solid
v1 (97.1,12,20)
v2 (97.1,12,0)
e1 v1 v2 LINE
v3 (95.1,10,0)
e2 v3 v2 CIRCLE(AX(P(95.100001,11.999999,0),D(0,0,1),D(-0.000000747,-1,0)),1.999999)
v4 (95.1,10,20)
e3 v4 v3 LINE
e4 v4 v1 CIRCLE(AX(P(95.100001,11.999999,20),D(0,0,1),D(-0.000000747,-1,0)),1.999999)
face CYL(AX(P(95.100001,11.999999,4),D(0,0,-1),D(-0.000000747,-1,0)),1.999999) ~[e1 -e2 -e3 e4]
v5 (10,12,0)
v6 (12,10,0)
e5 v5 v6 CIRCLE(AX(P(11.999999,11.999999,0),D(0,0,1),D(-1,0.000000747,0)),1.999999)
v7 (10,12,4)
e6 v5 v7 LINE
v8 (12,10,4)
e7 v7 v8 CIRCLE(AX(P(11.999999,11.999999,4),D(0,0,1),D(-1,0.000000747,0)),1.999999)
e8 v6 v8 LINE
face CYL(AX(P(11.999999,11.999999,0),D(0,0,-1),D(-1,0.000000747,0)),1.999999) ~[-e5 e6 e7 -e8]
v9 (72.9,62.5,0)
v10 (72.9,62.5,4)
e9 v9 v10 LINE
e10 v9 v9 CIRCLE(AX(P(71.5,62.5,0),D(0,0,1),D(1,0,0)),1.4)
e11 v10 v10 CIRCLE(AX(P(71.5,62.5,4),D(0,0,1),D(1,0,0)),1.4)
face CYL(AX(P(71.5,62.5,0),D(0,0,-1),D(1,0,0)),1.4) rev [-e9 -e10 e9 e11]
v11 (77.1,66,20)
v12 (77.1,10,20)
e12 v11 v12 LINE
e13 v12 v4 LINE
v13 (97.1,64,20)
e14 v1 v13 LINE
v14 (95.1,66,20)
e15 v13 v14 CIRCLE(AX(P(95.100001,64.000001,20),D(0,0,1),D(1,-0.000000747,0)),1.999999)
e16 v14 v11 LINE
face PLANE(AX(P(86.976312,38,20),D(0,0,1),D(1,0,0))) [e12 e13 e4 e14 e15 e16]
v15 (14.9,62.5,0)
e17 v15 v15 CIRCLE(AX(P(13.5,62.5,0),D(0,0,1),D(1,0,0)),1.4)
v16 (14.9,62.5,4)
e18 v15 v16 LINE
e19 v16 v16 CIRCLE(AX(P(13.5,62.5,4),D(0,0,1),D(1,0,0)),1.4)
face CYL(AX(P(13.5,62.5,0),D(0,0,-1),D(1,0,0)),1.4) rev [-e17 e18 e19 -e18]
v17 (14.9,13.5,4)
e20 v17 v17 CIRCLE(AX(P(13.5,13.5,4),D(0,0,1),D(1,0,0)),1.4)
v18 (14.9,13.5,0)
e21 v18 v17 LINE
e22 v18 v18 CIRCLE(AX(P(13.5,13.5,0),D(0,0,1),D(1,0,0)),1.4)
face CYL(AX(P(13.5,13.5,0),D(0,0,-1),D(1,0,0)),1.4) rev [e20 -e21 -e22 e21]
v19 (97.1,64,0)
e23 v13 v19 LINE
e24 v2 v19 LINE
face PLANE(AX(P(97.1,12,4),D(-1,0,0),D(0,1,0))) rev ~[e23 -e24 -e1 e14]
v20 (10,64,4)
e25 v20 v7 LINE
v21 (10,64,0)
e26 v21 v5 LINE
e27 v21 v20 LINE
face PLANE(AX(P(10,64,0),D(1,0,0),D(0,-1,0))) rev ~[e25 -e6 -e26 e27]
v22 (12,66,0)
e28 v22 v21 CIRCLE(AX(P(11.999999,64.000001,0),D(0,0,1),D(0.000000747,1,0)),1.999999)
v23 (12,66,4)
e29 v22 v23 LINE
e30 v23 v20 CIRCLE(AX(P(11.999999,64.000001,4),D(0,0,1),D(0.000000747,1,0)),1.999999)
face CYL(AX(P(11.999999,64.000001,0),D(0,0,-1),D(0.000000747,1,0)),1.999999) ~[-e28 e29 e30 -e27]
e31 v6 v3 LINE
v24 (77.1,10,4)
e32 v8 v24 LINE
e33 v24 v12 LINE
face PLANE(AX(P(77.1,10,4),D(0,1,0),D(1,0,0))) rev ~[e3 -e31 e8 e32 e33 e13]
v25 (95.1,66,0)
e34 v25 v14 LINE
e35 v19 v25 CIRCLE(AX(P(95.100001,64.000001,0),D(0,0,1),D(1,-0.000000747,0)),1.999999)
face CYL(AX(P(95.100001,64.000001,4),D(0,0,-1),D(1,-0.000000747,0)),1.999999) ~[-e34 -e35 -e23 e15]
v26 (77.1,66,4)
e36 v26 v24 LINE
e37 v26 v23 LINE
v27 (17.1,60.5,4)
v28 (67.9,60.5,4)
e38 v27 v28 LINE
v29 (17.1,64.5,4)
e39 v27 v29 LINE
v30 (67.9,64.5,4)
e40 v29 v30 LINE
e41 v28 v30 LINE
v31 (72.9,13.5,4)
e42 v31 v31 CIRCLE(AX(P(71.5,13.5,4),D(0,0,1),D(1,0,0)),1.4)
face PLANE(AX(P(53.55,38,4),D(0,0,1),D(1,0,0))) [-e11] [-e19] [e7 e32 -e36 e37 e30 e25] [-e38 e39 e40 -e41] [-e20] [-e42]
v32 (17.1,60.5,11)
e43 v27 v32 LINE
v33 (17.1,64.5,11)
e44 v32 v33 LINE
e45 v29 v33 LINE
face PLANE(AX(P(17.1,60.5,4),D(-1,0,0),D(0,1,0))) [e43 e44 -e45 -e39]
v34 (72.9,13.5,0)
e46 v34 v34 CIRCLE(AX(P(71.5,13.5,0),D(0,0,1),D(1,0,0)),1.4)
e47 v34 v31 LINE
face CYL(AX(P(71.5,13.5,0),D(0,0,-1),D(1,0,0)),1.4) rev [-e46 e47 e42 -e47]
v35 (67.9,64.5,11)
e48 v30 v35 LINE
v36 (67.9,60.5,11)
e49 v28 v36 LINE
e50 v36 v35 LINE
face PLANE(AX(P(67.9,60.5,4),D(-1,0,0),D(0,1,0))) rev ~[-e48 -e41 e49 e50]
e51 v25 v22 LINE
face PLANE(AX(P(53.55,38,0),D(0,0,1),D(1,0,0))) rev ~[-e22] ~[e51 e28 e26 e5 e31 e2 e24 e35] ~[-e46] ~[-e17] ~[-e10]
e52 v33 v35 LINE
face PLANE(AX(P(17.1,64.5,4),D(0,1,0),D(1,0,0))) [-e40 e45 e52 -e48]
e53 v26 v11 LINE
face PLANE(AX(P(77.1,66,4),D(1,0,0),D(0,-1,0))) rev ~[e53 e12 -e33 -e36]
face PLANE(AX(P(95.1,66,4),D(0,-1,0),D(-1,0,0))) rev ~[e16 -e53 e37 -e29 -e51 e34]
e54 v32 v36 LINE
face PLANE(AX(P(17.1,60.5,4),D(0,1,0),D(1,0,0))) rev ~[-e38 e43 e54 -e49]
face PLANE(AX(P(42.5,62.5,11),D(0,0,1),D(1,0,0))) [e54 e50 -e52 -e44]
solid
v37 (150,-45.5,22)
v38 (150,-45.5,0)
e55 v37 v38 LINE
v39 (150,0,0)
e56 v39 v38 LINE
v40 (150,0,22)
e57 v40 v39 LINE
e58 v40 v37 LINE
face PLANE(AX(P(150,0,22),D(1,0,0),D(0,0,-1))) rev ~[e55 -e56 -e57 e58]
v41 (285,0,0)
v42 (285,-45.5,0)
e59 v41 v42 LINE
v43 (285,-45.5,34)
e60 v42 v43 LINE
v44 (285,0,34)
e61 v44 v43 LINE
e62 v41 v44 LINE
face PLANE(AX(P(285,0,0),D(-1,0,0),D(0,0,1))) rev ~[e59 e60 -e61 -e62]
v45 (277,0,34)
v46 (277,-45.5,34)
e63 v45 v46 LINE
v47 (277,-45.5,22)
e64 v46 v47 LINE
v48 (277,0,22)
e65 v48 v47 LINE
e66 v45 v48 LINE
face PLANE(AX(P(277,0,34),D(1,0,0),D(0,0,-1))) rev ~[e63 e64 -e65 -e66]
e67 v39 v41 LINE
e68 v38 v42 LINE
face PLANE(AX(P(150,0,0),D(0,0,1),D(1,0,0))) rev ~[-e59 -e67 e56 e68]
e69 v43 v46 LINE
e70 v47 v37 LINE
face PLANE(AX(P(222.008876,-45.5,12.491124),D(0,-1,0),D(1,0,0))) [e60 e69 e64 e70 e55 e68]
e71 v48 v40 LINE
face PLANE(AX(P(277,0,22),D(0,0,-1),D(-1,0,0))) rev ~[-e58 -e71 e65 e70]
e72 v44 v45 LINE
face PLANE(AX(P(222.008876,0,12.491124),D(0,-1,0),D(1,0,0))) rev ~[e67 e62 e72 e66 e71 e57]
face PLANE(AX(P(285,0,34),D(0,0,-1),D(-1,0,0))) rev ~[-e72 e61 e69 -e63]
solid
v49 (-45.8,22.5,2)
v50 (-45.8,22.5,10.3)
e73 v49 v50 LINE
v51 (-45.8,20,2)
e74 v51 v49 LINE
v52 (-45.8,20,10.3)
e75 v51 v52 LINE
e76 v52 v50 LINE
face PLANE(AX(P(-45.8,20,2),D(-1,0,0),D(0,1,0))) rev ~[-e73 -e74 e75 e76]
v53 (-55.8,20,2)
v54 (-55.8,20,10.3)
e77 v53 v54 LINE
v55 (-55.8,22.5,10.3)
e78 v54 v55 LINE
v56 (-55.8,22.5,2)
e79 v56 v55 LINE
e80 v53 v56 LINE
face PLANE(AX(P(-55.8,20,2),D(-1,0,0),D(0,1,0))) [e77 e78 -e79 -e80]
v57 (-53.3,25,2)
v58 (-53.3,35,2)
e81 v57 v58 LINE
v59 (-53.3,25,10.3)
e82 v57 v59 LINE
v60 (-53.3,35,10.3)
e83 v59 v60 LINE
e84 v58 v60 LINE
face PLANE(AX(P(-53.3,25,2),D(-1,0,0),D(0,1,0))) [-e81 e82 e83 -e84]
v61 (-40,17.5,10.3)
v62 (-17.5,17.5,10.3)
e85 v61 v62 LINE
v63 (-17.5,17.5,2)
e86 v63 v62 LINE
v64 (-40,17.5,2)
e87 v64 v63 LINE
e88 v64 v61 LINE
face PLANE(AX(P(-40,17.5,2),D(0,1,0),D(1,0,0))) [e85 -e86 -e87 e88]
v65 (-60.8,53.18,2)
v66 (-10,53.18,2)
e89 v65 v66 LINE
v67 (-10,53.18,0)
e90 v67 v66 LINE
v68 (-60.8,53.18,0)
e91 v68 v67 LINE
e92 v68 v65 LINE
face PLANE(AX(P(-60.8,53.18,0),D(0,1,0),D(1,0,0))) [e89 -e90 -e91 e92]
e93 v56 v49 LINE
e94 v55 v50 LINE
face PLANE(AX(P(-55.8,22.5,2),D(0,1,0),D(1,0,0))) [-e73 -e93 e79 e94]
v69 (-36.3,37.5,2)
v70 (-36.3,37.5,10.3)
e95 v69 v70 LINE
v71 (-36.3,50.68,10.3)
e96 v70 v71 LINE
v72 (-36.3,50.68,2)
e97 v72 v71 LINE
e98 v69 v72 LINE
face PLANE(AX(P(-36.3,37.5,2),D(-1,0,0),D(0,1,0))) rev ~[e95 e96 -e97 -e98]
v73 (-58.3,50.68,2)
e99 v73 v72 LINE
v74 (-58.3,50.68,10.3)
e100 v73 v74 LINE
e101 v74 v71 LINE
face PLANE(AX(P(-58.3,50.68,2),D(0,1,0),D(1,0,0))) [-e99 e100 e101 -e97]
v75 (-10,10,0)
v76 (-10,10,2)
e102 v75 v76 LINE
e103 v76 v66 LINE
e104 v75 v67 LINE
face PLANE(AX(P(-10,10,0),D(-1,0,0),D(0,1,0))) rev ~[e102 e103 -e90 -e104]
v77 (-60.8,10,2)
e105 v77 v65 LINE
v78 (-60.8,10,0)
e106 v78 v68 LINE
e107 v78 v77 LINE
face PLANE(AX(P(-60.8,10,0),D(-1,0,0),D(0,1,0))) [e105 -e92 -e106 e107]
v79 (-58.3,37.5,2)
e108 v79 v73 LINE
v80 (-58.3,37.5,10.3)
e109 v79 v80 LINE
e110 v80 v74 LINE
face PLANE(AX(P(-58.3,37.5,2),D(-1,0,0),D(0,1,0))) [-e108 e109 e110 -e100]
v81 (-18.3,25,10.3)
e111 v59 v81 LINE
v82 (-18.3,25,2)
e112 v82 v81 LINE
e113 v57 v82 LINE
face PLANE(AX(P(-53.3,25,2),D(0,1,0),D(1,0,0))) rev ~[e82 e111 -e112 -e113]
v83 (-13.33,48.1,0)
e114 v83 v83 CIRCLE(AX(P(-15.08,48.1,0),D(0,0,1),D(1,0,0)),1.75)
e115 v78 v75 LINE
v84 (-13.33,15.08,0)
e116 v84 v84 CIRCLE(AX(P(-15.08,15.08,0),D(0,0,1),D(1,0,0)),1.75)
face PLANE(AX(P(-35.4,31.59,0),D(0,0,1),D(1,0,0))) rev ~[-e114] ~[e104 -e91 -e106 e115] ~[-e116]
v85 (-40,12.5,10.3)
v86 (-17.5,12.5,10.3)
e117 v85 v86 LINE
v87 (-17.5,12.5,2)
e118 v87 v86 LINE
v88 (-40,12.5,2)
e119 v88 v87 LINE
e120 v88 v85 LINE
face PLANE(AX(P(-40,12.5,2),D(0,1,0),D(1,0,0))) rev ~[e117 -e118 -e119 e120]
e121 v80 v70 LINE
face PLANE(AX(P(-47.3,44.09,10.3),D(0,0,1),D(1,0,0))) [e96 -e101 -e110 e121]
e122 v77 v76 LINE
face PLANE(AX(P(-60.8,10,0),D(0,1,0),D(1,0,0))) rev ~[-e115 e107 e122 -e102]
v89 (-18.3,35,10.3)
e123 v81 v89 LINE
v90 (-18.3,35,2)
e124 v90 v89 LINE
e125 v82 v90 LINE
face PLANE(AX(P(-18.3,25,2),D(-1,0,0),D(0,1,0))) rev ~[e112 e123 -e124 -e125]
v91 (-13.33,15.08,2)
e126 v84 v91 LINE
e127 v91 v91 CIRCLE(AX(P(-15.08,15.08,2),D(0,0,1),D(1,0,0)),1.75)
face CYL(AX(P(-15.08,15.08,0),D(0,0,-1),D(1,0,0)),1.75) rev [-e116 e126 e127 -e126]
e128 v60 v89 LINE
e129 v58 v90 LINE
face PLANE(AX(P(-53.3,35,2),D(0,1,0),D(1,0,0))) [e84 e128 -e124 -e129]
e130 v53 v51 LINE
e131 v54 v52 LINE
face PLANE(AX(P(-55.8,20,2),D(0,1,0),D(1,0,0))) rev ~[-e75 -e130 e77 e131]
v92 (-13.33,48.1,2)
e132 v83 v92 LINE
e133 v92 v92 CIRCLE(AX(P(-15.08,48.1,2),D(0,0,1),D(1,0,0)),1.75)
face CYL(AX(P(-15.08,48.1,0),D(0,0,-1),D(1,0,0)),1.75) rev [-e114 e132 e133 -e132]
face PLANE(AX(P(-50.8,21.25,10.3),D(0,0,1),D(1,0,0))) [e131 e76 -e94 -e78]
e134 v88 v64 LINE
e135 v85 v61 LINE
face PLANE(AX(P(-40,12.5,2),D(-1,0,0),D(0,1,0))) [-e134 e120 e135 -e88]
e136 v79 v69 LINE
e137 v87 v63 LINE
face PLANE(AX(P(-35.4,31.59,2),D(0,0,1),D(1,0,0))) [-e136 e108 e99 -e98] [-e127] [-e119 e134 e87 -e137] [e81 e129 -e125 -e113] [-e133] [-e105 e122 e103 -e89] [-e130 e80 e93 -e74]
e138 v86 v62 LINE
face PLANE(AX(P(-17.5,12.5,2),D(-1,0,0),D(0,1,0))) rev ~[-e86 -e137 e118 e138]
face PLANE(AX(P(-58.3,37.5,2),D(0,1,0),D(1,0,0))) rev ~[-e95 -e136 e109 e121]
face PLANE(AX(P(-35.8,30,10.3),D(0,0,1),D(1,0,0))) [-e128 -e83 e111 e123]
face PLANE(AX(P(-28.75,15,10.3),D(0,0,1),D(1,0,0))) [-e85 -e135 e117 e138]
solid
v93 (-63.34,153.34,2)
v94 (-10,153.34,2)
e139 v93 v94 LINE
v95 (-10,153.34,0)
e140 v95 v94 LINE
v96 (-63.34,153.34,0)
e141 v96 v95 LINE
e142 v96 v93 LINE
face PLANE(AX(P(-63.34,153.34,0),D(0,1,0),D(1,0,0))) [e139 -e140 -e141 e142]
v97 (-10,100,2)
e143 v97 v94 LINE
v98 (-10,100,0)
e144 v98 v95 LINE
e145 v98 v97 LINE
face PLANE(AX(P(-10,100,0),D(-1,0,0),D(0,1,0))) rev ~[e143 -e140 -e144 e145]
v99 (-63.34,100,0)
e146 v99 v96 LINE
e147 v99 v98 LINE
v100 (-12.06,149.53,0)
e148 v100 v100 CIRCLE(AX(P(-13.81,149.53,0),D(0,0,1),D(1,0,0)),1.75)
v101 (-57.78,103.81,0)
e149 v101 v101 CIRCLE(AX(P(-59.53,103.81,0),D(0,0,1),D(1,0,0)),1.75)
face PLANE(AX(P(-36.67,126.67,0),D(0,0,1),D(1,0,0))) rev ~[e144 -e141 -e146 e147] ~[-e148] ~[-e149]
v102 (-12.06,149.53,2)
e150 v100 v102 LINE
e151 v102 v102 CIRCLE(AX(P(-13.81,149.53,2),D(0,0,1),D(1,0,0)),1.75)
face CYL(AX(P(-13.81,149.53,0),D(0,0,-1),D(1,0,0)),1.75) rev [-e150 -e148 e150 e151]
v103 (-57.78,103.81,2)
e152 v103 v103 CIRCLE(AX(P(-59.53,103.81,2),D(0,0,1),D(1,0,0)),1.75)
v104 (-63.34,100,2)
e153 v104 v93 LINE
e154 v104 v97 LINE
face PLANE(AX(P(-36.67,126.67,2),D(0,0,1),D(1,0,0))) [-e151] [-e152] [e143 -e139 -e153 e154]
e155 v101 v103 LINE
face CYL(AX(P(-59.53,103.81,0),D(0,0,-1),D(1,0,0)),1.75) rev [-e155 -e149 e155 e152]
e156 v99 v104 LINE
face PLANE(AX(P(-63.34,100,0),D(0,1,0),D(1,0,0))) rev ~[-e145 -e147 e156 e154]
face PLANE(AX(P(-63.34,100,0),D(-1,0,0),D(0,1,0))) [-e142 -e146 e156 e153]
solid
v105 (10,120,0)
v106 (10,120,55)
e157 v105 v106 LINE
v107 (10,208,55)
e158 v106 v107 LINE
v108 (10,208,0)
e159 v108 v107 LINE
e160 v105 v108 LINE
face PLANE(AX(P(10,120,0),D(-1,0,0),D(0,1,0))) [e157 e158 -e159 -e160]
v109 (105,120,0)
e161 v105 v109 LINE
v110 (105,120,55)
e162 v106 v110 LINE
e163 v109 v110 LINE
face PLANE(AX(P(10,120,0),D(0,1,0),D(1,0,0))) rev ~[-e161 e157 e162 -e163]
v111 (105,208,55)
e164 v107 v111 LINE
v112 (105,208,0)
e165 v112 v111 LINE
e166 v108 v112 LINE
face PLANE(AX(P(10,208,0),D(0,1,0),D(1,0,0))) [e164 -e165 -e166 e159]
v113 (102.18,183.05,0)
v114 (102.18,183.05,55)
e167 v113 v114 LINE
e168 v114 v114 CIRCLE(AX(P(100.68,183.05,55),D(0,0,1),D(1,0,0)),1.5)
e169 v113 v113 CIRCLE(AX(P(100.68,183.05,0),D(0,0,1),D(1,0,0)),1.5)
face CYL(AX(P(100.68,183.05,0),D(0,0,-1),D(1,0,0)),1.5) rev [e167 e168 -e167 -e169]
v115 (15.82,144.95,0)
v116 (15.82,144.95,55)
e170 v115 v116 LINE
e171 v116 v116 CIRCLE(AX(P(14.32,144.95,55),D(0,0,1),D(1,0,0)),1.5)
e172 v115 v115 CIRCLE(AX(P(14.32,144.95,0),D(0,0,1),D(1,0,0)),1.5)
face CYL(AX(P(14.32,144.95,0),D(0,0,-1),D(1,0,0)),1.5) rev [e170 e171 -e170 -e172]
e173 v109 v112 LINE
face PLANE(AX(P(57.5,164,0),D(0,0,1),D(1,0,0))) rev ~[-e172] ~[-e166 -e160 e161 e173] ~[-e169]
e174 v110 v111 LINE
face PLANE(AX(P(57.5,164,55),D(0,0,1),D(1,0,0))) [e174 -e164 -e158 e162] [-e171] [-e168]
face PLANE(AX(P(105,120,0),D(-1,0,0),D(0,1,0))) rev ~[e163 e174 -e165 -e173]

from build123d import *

# Parameters (mm, degrees)
F0_R      = 1.4
F1_DEPTH  = 4
F2_W      = 50.8
F2_H      = 4
F3_DEPTH  = 7
F5_DEPTH  = 16
F6_W      = 95
F6_H      = 88
F6_R      = 1.5
F7_DEPTH  = 55
F8_W      = 50.8
F8_H      = 43.18
F8_R      = 1.75
F8_W_2    = 53.34
F8_H_2    = 53.34
F9_DEPTH  = 2
F10_W     = 35
F10_H     = 10
F10_W_2   = 22.5
F10_H_2   = 5
F10_W_3   = 10
F10_H_3   = 2.5
F10_W_4   = 22
F10_H_4   = 13.18
F11_DEPTH = 8.3
F13_DEPTH = 45.5


with BuildPart() as f1:
    # F0 (on Top) → F1 (new body)
    with BuildSketch(Plane.XY):
        with BuildLine():
            Line((95.1, 66), (12, 66))
            ThreePointArc((12, 66), (10.585786, 65.414214), (10, 64))
            Line((10, 64), (10, 12))
            ThreePointArc((10, 12), (10.585786, 10.585786), (12, 10))
            Line((12, 10), (95.1, 10))
            ThreePointArc((95.1, 10), (96.514214, 10.585786), (97.1, 12))
            Line((97.1, 12), (97.1, 64))
            ThreePointArc((97.1, 64), (96.514214, 65.414214), (95.1, 66))
        make_face()
        with Locations((13.5, 13.5)):
            Circle(F0_R, mode=Mode.SUBTRACT)
        with Locations((71.5, 13.5)):
            Circle(F0_R, mode=Mode.SUBTRACT)
        with Locations((13.5, 62.5)):
            Circle(F0_R, mode=Mode.SUBTRACT)
        with Locations((71.5, 62.5)):
            Circle(F0_R, mode=Mode.SUBTRACT)
    extrude(amount=F1_DEPTH)

    # F2 (on face) → F3 (join)
    with BuildSketch(Plane.XY.offset(4)):
        with Locations((42.5, 62.5)):
            Rectangle(F2_W, F2_H)
    extrude(amount=F3_DEPTH)

    # F4 (on face) → F5 (join)
    with BuildSketch(Plane.XY.offset(4)):
        with BuildLine():
            ThreePointArc((97.1, 64), (96.514214, 65.414214), (95.1, 66))
            Line((95.1, 66), (77.1, 66))
            Line((77.1, 66), (77.1, 10))
            Line((77.1, 10), (95.1, 10))
            ThreePointArc((95.1, 10), (96.514214, 10.585786), (97.1, 12))
            Line((97.1, 12), (97.1, 64))
        make_face()
    extrude(amount=F5_DEPTH)


with BuildPart() as f7:
    # F6 (on Top) → F7 (new body)
    with BuildSketch(Plane.XY):
        with Locations((57.5, 164)):
            Rectangle(F6_W, F6_H)
        with Locations((14.32, 144.95)):
            Circle(F6_R, mode=Mode.SUBTRACT)
        with Locations((100.68, 183.05)):
            Circle(F6_R, mode=Mode.SUBTRACT)
    extrude(amount=F7_DEPTH)


with BuildPart() as f9:
    # F8 (on Top) → F9 (new body)
    with BuildSketch(Plane.XY):
        with Locations((-35.4, 31.59)):
            Rectangle(F8_W, F8_H)
        with Locations((-15.08, 15.08)):
            Circle(F8_R, mode=Mode.SUBTRACT)
        with Locations((-15.08, 48.1)):
            Circle(F8_R, mode=Mode.SUBTRACT)
        with Locations((-36.67, 126.67)):
            Rectangle(F8_W_2, F8_H_2)
        with Locations((-59.53, 103.81)):
            Circle(F8_R, mode=Mode.SUBTRACT)
        with Locations((-13.81, 149.53)):
            Circle(F8_R, mode=Mode.SUBTRACT)
    extrude(amount=F9_DEPTH)

    # F10 (on face) → F11 (join)
    with BuildSketch(Plane.XY.offset(2)):
        with Locations((-35.8, 30)):
            Rectangle(F10_W, F10_H)
        with Locations((-28.75, 15)):
            Rectangle(F10_W_2, F10_H_2)
        with Locations((-50.8, 21.25)):
            Rectangle(F10_W_3, F10_H_3)
        with Locations((-47.3, 44.09)):
            Rectangle(F10_W_4, F10_H_4)
    extrude(amount=F11_DEPTH)


with BuildPart() as f13:
    # F12 (on Front) → F13 (new body)
    with BuildSketch(Plane.XZ):
        Polygon((150, 22), (150, 0), (285, 0), (285, 22), (285, 34), (277, 34), (277, 22), align=None)
    extrude(amount=F13_DEPTH)


solid = Compound([f1.part, f7.part, f9.part, f13.part])
